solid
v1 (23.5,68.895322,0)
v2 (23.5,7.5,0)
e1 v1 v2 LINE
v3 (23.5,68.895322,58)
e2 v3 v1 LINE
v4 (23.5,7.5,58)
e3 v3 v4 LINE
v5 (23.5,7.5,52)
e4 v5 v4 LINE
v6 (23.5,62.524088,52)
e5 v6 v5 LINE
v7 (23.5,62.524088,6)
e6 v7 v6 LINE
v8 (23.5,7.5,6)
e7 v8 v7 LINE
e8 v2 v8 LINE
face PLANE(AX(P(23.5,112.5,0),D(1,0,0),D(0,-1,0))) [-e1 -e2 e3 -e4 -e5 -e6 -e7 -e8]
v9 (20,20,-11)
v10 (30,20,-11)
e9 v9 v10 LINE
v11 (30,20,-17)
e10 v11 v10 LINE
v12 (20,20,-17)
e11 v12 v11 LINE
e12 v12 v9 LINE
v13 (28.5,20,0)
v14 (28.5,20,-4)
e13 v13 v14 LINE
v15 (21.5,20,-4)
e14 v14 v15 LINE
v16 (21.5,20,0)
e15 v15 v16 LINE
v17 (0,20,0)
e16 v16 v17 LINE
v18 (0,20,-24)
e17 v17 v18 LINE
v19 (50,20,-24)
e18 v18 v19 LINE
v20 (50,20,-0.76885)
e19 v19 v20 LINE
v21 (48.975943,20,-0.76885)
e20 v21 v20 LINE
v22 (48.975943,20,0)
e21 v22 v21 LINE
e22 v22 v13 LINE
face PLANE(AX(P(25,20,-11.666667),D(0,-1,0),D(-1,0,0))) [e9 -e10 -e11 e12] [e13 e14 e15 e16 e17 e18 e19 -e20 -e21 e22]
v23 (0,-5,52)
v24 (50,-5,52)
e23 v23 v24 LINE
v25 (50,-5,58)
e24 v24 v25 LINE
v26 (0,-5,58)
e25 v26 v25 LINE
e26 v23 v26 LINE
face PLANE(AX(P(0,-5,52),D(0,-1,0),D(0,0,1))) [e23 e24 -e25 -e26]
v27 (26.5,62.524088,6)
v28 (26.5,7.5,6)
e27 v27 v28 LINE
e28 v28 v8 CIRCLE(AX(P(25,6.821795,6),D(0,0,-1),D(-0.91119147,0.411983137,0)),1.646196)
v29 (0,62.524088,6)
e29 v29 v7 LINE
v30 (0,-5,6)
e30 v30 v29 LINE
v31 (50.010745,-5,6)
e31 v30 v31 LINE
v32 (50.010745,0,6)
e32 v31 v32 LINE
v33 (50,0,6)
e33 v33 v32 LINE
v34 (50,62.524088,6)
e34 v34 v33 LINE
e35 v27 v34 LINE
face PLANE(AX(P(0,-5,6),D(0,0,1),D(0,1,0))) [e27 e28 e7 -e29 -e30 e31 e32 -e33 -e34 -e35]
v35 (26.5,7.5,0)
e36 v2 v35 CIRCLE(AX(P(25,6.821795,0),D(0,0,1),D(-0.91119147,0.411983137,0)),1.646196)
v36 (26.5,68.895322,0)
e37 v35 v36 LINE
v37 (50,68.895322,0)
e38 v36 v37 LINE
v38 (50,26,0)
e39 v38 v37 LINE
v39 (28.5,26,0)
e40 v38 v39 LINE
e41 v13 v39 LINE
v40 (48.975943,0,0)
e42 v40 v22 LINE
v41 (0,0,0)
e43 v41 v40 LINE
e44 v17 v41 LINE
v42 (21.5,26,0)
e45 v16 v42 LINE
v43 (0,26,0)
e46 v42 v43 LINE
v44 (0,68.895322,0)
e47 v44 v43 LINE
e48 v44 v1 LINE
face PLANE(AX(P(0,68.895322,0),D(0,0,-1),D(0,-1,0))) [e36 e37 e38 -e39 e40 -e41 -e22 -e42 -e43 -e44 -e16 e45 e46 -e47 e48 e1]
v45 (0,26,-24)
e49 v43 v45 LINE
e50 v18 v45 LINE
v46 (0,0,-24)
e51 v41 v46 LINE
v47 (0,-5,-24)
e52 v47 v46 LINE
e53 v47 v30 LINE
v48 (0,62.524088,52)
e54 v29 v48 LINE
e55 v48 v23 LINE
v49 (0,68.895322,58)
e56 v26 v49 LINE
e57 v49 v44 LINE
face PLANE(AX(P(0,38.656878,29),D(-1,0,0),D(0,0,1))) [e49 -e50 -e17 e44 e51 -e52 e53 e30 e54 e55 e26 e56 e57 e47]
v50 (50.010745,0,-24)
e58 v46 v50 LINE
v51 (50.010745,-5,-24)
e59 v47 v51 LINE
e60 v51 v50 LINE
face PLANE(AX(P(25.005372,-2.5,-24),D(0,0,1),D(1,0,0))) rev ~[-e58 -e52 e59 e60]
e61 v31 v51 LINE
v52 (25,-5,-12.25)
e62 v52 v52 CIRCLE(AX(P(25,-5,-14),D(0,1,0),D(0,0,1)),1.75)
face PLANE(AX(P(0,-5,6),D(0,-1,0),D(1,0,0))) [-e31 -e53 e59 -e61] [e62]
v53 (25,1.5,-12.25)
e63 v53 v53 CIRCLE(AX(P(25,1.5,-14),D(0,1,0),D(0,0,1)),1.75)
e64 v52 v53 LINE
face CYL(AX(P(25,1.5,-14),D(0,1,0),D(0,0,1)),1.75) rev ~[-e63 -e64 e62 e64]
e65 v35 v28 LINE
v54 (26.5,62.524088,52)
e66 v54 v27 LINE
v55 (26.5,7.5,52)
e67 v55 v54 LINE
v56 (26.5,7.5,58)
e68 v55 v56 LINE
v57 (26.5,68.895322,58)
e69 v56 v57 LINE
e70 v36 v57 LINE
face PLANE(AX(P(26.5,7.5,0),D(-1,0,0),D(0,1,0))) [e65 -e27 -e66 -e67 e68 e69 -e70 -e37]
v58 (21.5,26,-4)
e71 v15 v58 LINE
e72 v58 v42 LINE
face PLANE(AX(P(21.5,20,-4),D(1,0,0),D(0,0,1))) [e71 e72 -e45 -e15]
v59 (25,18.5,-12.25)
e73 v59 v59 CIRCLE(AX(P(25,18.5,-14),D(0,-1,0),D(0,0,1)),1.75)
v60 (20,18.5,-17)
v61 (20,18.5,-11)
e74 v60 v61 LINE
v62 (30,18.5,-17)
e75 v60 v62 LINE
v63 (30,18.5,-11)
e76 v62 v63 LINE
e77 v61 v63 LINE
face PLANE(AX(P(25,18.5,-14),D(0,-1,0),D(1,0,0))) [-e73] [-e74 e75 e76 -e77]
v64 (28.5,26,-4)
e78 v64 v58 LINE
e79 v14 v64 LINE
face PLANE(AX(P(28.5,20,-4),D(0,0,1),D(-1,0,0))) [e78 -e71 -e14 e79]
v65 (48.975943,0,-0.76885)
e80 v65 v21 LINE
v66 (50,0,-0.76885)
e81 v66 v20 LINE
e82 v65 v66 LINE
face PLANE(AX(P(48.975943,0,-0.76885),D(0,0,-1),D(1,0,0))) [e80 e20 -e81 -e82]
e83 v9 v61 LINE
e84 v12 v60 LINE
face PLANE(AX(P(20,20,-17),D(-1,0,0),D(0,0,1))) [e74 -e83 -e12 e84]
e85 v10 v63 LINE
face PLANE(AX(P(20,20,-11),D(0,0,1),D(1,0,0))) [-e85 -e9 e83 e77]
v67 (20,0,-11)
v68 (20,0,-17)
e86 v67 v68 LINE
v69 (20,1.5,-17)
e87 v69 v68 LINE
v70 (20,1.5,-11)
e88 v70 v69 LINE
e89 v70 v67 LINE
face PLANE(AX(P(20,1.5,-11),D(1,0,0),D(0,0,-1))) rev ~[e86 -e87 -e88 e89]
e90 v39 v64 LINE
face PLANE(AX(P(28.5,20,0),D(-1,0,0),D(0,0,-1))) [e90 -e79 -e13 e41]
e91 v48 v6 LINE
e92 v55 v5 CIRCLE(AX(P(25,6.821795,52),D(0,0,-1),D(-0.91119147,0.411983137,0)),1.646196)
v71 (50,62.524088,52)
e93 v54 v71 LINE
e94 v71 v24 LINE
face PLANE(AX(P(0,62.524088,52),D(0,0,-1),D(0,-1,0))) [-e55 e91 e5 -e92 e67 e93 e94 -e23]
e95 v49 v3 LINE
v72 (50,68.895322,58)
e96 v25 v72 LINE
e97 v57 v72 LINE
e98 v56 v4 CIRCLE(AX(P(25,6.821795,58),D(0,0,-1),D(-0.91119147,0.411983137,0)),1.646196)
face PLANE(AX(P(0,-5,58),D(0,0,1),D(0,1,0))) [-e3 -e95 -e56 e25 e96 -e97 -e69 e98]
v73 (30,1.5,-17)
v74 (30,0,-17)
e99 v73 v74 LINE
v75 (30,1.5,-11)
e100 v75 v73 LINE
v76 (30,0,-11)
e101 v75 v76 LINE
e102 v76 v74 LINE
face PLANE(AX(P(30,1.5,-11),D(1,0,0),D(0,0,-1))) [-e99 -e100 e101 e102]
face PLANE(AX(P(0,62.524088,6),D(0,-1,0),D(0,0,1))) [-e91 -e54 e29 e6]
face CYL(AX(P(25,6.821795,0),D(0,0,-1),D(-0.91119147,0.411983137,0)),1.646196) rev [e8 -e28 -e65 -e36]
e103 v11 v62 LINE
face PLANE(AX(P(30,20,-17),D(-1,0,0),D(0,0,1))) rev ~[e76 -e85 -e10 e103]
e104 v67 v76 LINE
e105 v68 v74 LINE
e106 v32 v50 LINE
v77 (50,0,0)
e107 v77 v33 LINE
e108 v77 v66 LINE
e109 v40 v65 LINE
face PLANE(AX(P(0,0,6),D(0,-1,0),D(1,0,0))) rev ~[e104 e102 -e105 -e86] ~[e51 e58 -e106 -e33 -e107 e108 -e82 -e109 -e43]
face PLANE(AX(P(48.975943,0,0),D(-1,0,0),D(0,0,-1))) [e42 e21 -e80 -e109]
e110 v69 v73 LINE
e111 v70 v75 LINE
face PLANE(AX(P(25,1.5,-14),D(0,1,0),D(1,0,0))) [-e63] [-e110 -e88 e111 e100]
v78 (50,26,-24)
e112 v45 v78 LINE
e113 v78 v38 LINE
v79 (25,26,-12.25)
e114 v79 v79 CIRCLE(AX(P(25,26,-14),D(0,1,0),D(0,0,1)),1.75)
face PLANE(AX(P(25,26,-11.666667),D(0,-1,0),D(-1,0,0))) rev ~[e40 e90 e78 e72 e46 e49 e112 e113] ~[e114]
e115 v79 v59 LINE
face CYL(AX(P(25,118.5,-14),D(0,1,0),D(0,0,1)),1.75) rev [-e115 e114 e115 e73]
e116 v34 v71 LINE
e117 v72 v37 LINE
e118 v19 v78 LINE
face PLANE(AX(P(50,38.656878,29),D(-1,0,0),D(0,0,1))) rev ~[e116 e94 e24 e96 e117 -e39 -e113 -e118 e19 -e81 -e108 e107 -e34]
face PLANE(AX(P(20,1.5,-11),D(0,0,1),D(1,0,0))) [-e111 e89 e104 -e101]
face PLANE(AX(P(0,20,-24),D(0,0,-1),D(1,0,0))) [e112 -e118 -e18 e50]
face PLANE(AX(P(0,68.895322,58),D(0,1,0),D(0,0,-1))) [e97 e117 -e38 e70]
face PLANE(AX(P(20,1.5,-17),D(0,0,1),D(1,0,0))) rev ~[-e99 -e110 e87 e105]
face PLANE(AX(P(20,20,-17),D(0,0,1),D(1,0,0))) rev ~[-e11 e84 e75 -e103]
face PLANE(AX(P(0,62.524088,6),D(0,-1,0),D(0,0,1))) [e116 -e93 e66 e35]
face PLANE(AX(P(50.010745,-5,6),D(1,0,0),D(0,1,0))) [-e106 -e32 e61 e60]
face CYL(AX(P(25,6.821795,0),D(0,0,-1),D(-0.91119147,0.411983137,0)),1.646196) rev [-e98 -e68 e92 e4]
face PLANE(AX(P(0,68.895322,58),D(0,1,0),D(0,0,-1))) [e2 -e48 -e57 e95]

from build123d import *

# Parameters (mm, degrees)
EXTRUDE_1_DEPTH     = 6
SKETCH_2_W          = 50.01074492
SKETCH_2_H          = 5
EXTRUDE_2_DEPTH     = 30
SKETCH_4_R          = 1.75
CUT_EXTRUDE_1_DEPTH = 30
EXTRUDE_START       = 1.5
SKETCH_6_W          = 10
SKETCH_6_H          = 6
SKETCH_6_R          = 1.75
EXTRUDE_4_DEPTH     = 1.5
EXTRUDE_6_DEPTH     = 50
CUT_EXTRUDE_2_REACH = 105.013
SKETCH_15_W         = 1.024057277
SKETCH_15_H         = 0.768849672
EXTRUDE_10_DEPTH    = 20
EXTRUDE_11_DEPTH    = 6
SKETCH_17_W         = 10
SKETCH_17_H         = 6
SKETCH_17_R         = 1.75
EXTRUDE_12_DEPTH    = 1.5
CUT_EXTRUDE_START   = -100
SKETCH_18_R         = 1.75
CUT_EXTRUDE_3_DEPTH = 100


with BuildPart() as part:
    # Эскиз1 → Бобышка-Вытянуть1 (new body)
    with BuildSketch(Plane.XY):
        Polygon((0, 0), (8.5, 0), (11.5, 0), (38.5, 0), (41.5, 0), (50, 0), (50, 10), (50, 30), (30, 30), (20, 30), (0, 30), (0, 10), align=None)
        with BuildLine():
            Line((28, 22.5), (28, 7.5))
            ThreePointArc((28, 7.5), (25, 4.5), (22, 7.5))
            Line((22, 7.5), (22, 22.5))
            ThreePointArc((22, 22.5), (25, 25.5), (28, 22.5))
        make_face(mode=Mode.SUBTRACT)
    extrude(amount=EXTRUDE_1_DEPTH)

    # Эскиз2 → Бобышка-Вытянуть2 (add)
    with BuildSketch(Plane.XY.offset(6)):
        with Locations((25.00537246, -2.5)):
            Rectangle(SKETCH_2_W, SKETCH_2_H)
    extrude(amount=-EXTRUDE_2_DEPTH)

    # Эскиз4 → Вырез-Вытянуть1 (cut)
    with BuildSketch(Plane(origin=(0, 0, 0), x_dir=(1, 0, 0), z_dir=(0, 1, 0))):
        with Locations(Location((25, 14, 0), (0, 0, 270))):
            Circle(SKETCH_4_R)
    extrude(amount=-CUT_EXTRUDE_1_DEPTH, mode=Mode.SUBTRACT)

    # Эскиз6 → Бобышка-Вытянуть4 (add)
    with BuildSketch(Plane(origin=(0, 0, 0), x_dir=(1, 0, 0), z_dir=(0, 1, 0)).offset(EXTRUDE_START)):
        with Locations((25, 14)):
            Rectangle(SKETCH_6_W, SKETCH_6_H)
        with Locations(Location((25, 14, 0), (0, 0, 270))):
            Circle(SKETCH_6_R, mode=Mode.SUBTRACT)
    extrude(amount=-EXTRUDE_4_DEPTH)

    # Эскиз7 → Бобышка-Вытянуть6 (add)
    with BuildSketch(Plane.ZY):
        Polygon((58, -5), (58, 68.895321777), (0, 68.895321777), (0, 62.524087888), (0, -5), (6, -5), (6, 62.524087888), (52, 62.524087888), (52, -5), align=None)
    extrude(amount=-EXTRUDE_6_DEPTH)

    # Вырез-Вытянуть2: up to this face of the body (flat: up to its plane)
    cut_extrude_2_end = Plane(part.part.faces().sort_by_distance((25, 31.947660889, 58))[0])
    # Эскиз8 → Вырез-Вытянуть2 (cut, up to the picked face)
    with BuildSketch(Plane(origin=(0, 0, 0), x_dir=(-1, 0, 0), z_dir=(0, 0, -1)), mode=Mode.PRIVATE) as cut_extrude_2_sk1:
        with BuildLine():
            Line((-26.5, 112.5), (-23.5, 112.5))
            Line((-23.5, 112.5), (-23.5, 7.5))
            ThreePointArc((-23.5, 7.5), (-25, 5.175598625), (-26.5, 7.5))
            Line((-26.5, 7.5), (-26.5, 112.5))
        make_face()
    cut_extrude_2_tool1 = split(extrude(cut_extrude_2_sk1.sketch, amount=-CUT_EXTRUDE_2_REACH, mode=Mode.PRIVATE), bisect_by=cut_extrude_2_end, keep=Keep.BOTH, mode=Mode.PRIVATE)
    add(cut_extrude_2_tool1.solids().sort_by(Axis((25, 58.930041, 0), (0, 0, 1)))[0], mode=Mode.SUBTRACT)

    # Эскиз15 → Бобышка-Вытянуть10 (add)
    with BuildSketch(Plane(origin=(0, 0, 0), x_dir=(1, 0, 0), z_dir=(0, 1, 0))):
        with Locations((49.487971362, 0.384424836)):
            Rectangle(SKETCH_15_W, SKETCH_15_H)
    extrude(amount=EXTRUDE_10_DEPTH)

    # Эскиз16 → Бобышка-Вытянуть11 (add)
    with BuildSketch(Plane(origin=(0, 20, 0), x_dir=(1, 0, 0), z_dir=(0, 1, 0))):
        Polygon((50, 0), (28.5, 0), (28.5, 4), (21.5, 4), (21.5, 0), (0, 0), (0, 24), (50, 24), align=None)
    extrude(amount=EXTRUDE_11_DEPTH)

    # Эскиз17 → Бобышка-Вытянуть12 (add)
    with BuildSketch(Plane.XZ.offset(-20)):
        with Locations((25, -14)):
            Rectangle(SKETCH_17_W, SKETCH_17_H)
        with Locations(Location((25, -14, 0), (0, 0, 90))):
            Circle(SKETCH_17_R, mode=Mode.SUBTRACT)
    extrude(amount=EXTRUDE_12_DEPTH)

    # Эскиз18 → Вырез-Вытянуть3 (cut)
    with BuildSketch(Plane.XZ.offset(-18.5).offset(CUT_EXTRUDE_START)):
        with Locations(Location((25, -14, 0), (0, 0, 90))):
            Circle(SKETCH_18_R)
    extrude(amount=CUT_EXTRUDE_3_DEPTH, mode=Mode.SUBTRACT)


solid = part.part
